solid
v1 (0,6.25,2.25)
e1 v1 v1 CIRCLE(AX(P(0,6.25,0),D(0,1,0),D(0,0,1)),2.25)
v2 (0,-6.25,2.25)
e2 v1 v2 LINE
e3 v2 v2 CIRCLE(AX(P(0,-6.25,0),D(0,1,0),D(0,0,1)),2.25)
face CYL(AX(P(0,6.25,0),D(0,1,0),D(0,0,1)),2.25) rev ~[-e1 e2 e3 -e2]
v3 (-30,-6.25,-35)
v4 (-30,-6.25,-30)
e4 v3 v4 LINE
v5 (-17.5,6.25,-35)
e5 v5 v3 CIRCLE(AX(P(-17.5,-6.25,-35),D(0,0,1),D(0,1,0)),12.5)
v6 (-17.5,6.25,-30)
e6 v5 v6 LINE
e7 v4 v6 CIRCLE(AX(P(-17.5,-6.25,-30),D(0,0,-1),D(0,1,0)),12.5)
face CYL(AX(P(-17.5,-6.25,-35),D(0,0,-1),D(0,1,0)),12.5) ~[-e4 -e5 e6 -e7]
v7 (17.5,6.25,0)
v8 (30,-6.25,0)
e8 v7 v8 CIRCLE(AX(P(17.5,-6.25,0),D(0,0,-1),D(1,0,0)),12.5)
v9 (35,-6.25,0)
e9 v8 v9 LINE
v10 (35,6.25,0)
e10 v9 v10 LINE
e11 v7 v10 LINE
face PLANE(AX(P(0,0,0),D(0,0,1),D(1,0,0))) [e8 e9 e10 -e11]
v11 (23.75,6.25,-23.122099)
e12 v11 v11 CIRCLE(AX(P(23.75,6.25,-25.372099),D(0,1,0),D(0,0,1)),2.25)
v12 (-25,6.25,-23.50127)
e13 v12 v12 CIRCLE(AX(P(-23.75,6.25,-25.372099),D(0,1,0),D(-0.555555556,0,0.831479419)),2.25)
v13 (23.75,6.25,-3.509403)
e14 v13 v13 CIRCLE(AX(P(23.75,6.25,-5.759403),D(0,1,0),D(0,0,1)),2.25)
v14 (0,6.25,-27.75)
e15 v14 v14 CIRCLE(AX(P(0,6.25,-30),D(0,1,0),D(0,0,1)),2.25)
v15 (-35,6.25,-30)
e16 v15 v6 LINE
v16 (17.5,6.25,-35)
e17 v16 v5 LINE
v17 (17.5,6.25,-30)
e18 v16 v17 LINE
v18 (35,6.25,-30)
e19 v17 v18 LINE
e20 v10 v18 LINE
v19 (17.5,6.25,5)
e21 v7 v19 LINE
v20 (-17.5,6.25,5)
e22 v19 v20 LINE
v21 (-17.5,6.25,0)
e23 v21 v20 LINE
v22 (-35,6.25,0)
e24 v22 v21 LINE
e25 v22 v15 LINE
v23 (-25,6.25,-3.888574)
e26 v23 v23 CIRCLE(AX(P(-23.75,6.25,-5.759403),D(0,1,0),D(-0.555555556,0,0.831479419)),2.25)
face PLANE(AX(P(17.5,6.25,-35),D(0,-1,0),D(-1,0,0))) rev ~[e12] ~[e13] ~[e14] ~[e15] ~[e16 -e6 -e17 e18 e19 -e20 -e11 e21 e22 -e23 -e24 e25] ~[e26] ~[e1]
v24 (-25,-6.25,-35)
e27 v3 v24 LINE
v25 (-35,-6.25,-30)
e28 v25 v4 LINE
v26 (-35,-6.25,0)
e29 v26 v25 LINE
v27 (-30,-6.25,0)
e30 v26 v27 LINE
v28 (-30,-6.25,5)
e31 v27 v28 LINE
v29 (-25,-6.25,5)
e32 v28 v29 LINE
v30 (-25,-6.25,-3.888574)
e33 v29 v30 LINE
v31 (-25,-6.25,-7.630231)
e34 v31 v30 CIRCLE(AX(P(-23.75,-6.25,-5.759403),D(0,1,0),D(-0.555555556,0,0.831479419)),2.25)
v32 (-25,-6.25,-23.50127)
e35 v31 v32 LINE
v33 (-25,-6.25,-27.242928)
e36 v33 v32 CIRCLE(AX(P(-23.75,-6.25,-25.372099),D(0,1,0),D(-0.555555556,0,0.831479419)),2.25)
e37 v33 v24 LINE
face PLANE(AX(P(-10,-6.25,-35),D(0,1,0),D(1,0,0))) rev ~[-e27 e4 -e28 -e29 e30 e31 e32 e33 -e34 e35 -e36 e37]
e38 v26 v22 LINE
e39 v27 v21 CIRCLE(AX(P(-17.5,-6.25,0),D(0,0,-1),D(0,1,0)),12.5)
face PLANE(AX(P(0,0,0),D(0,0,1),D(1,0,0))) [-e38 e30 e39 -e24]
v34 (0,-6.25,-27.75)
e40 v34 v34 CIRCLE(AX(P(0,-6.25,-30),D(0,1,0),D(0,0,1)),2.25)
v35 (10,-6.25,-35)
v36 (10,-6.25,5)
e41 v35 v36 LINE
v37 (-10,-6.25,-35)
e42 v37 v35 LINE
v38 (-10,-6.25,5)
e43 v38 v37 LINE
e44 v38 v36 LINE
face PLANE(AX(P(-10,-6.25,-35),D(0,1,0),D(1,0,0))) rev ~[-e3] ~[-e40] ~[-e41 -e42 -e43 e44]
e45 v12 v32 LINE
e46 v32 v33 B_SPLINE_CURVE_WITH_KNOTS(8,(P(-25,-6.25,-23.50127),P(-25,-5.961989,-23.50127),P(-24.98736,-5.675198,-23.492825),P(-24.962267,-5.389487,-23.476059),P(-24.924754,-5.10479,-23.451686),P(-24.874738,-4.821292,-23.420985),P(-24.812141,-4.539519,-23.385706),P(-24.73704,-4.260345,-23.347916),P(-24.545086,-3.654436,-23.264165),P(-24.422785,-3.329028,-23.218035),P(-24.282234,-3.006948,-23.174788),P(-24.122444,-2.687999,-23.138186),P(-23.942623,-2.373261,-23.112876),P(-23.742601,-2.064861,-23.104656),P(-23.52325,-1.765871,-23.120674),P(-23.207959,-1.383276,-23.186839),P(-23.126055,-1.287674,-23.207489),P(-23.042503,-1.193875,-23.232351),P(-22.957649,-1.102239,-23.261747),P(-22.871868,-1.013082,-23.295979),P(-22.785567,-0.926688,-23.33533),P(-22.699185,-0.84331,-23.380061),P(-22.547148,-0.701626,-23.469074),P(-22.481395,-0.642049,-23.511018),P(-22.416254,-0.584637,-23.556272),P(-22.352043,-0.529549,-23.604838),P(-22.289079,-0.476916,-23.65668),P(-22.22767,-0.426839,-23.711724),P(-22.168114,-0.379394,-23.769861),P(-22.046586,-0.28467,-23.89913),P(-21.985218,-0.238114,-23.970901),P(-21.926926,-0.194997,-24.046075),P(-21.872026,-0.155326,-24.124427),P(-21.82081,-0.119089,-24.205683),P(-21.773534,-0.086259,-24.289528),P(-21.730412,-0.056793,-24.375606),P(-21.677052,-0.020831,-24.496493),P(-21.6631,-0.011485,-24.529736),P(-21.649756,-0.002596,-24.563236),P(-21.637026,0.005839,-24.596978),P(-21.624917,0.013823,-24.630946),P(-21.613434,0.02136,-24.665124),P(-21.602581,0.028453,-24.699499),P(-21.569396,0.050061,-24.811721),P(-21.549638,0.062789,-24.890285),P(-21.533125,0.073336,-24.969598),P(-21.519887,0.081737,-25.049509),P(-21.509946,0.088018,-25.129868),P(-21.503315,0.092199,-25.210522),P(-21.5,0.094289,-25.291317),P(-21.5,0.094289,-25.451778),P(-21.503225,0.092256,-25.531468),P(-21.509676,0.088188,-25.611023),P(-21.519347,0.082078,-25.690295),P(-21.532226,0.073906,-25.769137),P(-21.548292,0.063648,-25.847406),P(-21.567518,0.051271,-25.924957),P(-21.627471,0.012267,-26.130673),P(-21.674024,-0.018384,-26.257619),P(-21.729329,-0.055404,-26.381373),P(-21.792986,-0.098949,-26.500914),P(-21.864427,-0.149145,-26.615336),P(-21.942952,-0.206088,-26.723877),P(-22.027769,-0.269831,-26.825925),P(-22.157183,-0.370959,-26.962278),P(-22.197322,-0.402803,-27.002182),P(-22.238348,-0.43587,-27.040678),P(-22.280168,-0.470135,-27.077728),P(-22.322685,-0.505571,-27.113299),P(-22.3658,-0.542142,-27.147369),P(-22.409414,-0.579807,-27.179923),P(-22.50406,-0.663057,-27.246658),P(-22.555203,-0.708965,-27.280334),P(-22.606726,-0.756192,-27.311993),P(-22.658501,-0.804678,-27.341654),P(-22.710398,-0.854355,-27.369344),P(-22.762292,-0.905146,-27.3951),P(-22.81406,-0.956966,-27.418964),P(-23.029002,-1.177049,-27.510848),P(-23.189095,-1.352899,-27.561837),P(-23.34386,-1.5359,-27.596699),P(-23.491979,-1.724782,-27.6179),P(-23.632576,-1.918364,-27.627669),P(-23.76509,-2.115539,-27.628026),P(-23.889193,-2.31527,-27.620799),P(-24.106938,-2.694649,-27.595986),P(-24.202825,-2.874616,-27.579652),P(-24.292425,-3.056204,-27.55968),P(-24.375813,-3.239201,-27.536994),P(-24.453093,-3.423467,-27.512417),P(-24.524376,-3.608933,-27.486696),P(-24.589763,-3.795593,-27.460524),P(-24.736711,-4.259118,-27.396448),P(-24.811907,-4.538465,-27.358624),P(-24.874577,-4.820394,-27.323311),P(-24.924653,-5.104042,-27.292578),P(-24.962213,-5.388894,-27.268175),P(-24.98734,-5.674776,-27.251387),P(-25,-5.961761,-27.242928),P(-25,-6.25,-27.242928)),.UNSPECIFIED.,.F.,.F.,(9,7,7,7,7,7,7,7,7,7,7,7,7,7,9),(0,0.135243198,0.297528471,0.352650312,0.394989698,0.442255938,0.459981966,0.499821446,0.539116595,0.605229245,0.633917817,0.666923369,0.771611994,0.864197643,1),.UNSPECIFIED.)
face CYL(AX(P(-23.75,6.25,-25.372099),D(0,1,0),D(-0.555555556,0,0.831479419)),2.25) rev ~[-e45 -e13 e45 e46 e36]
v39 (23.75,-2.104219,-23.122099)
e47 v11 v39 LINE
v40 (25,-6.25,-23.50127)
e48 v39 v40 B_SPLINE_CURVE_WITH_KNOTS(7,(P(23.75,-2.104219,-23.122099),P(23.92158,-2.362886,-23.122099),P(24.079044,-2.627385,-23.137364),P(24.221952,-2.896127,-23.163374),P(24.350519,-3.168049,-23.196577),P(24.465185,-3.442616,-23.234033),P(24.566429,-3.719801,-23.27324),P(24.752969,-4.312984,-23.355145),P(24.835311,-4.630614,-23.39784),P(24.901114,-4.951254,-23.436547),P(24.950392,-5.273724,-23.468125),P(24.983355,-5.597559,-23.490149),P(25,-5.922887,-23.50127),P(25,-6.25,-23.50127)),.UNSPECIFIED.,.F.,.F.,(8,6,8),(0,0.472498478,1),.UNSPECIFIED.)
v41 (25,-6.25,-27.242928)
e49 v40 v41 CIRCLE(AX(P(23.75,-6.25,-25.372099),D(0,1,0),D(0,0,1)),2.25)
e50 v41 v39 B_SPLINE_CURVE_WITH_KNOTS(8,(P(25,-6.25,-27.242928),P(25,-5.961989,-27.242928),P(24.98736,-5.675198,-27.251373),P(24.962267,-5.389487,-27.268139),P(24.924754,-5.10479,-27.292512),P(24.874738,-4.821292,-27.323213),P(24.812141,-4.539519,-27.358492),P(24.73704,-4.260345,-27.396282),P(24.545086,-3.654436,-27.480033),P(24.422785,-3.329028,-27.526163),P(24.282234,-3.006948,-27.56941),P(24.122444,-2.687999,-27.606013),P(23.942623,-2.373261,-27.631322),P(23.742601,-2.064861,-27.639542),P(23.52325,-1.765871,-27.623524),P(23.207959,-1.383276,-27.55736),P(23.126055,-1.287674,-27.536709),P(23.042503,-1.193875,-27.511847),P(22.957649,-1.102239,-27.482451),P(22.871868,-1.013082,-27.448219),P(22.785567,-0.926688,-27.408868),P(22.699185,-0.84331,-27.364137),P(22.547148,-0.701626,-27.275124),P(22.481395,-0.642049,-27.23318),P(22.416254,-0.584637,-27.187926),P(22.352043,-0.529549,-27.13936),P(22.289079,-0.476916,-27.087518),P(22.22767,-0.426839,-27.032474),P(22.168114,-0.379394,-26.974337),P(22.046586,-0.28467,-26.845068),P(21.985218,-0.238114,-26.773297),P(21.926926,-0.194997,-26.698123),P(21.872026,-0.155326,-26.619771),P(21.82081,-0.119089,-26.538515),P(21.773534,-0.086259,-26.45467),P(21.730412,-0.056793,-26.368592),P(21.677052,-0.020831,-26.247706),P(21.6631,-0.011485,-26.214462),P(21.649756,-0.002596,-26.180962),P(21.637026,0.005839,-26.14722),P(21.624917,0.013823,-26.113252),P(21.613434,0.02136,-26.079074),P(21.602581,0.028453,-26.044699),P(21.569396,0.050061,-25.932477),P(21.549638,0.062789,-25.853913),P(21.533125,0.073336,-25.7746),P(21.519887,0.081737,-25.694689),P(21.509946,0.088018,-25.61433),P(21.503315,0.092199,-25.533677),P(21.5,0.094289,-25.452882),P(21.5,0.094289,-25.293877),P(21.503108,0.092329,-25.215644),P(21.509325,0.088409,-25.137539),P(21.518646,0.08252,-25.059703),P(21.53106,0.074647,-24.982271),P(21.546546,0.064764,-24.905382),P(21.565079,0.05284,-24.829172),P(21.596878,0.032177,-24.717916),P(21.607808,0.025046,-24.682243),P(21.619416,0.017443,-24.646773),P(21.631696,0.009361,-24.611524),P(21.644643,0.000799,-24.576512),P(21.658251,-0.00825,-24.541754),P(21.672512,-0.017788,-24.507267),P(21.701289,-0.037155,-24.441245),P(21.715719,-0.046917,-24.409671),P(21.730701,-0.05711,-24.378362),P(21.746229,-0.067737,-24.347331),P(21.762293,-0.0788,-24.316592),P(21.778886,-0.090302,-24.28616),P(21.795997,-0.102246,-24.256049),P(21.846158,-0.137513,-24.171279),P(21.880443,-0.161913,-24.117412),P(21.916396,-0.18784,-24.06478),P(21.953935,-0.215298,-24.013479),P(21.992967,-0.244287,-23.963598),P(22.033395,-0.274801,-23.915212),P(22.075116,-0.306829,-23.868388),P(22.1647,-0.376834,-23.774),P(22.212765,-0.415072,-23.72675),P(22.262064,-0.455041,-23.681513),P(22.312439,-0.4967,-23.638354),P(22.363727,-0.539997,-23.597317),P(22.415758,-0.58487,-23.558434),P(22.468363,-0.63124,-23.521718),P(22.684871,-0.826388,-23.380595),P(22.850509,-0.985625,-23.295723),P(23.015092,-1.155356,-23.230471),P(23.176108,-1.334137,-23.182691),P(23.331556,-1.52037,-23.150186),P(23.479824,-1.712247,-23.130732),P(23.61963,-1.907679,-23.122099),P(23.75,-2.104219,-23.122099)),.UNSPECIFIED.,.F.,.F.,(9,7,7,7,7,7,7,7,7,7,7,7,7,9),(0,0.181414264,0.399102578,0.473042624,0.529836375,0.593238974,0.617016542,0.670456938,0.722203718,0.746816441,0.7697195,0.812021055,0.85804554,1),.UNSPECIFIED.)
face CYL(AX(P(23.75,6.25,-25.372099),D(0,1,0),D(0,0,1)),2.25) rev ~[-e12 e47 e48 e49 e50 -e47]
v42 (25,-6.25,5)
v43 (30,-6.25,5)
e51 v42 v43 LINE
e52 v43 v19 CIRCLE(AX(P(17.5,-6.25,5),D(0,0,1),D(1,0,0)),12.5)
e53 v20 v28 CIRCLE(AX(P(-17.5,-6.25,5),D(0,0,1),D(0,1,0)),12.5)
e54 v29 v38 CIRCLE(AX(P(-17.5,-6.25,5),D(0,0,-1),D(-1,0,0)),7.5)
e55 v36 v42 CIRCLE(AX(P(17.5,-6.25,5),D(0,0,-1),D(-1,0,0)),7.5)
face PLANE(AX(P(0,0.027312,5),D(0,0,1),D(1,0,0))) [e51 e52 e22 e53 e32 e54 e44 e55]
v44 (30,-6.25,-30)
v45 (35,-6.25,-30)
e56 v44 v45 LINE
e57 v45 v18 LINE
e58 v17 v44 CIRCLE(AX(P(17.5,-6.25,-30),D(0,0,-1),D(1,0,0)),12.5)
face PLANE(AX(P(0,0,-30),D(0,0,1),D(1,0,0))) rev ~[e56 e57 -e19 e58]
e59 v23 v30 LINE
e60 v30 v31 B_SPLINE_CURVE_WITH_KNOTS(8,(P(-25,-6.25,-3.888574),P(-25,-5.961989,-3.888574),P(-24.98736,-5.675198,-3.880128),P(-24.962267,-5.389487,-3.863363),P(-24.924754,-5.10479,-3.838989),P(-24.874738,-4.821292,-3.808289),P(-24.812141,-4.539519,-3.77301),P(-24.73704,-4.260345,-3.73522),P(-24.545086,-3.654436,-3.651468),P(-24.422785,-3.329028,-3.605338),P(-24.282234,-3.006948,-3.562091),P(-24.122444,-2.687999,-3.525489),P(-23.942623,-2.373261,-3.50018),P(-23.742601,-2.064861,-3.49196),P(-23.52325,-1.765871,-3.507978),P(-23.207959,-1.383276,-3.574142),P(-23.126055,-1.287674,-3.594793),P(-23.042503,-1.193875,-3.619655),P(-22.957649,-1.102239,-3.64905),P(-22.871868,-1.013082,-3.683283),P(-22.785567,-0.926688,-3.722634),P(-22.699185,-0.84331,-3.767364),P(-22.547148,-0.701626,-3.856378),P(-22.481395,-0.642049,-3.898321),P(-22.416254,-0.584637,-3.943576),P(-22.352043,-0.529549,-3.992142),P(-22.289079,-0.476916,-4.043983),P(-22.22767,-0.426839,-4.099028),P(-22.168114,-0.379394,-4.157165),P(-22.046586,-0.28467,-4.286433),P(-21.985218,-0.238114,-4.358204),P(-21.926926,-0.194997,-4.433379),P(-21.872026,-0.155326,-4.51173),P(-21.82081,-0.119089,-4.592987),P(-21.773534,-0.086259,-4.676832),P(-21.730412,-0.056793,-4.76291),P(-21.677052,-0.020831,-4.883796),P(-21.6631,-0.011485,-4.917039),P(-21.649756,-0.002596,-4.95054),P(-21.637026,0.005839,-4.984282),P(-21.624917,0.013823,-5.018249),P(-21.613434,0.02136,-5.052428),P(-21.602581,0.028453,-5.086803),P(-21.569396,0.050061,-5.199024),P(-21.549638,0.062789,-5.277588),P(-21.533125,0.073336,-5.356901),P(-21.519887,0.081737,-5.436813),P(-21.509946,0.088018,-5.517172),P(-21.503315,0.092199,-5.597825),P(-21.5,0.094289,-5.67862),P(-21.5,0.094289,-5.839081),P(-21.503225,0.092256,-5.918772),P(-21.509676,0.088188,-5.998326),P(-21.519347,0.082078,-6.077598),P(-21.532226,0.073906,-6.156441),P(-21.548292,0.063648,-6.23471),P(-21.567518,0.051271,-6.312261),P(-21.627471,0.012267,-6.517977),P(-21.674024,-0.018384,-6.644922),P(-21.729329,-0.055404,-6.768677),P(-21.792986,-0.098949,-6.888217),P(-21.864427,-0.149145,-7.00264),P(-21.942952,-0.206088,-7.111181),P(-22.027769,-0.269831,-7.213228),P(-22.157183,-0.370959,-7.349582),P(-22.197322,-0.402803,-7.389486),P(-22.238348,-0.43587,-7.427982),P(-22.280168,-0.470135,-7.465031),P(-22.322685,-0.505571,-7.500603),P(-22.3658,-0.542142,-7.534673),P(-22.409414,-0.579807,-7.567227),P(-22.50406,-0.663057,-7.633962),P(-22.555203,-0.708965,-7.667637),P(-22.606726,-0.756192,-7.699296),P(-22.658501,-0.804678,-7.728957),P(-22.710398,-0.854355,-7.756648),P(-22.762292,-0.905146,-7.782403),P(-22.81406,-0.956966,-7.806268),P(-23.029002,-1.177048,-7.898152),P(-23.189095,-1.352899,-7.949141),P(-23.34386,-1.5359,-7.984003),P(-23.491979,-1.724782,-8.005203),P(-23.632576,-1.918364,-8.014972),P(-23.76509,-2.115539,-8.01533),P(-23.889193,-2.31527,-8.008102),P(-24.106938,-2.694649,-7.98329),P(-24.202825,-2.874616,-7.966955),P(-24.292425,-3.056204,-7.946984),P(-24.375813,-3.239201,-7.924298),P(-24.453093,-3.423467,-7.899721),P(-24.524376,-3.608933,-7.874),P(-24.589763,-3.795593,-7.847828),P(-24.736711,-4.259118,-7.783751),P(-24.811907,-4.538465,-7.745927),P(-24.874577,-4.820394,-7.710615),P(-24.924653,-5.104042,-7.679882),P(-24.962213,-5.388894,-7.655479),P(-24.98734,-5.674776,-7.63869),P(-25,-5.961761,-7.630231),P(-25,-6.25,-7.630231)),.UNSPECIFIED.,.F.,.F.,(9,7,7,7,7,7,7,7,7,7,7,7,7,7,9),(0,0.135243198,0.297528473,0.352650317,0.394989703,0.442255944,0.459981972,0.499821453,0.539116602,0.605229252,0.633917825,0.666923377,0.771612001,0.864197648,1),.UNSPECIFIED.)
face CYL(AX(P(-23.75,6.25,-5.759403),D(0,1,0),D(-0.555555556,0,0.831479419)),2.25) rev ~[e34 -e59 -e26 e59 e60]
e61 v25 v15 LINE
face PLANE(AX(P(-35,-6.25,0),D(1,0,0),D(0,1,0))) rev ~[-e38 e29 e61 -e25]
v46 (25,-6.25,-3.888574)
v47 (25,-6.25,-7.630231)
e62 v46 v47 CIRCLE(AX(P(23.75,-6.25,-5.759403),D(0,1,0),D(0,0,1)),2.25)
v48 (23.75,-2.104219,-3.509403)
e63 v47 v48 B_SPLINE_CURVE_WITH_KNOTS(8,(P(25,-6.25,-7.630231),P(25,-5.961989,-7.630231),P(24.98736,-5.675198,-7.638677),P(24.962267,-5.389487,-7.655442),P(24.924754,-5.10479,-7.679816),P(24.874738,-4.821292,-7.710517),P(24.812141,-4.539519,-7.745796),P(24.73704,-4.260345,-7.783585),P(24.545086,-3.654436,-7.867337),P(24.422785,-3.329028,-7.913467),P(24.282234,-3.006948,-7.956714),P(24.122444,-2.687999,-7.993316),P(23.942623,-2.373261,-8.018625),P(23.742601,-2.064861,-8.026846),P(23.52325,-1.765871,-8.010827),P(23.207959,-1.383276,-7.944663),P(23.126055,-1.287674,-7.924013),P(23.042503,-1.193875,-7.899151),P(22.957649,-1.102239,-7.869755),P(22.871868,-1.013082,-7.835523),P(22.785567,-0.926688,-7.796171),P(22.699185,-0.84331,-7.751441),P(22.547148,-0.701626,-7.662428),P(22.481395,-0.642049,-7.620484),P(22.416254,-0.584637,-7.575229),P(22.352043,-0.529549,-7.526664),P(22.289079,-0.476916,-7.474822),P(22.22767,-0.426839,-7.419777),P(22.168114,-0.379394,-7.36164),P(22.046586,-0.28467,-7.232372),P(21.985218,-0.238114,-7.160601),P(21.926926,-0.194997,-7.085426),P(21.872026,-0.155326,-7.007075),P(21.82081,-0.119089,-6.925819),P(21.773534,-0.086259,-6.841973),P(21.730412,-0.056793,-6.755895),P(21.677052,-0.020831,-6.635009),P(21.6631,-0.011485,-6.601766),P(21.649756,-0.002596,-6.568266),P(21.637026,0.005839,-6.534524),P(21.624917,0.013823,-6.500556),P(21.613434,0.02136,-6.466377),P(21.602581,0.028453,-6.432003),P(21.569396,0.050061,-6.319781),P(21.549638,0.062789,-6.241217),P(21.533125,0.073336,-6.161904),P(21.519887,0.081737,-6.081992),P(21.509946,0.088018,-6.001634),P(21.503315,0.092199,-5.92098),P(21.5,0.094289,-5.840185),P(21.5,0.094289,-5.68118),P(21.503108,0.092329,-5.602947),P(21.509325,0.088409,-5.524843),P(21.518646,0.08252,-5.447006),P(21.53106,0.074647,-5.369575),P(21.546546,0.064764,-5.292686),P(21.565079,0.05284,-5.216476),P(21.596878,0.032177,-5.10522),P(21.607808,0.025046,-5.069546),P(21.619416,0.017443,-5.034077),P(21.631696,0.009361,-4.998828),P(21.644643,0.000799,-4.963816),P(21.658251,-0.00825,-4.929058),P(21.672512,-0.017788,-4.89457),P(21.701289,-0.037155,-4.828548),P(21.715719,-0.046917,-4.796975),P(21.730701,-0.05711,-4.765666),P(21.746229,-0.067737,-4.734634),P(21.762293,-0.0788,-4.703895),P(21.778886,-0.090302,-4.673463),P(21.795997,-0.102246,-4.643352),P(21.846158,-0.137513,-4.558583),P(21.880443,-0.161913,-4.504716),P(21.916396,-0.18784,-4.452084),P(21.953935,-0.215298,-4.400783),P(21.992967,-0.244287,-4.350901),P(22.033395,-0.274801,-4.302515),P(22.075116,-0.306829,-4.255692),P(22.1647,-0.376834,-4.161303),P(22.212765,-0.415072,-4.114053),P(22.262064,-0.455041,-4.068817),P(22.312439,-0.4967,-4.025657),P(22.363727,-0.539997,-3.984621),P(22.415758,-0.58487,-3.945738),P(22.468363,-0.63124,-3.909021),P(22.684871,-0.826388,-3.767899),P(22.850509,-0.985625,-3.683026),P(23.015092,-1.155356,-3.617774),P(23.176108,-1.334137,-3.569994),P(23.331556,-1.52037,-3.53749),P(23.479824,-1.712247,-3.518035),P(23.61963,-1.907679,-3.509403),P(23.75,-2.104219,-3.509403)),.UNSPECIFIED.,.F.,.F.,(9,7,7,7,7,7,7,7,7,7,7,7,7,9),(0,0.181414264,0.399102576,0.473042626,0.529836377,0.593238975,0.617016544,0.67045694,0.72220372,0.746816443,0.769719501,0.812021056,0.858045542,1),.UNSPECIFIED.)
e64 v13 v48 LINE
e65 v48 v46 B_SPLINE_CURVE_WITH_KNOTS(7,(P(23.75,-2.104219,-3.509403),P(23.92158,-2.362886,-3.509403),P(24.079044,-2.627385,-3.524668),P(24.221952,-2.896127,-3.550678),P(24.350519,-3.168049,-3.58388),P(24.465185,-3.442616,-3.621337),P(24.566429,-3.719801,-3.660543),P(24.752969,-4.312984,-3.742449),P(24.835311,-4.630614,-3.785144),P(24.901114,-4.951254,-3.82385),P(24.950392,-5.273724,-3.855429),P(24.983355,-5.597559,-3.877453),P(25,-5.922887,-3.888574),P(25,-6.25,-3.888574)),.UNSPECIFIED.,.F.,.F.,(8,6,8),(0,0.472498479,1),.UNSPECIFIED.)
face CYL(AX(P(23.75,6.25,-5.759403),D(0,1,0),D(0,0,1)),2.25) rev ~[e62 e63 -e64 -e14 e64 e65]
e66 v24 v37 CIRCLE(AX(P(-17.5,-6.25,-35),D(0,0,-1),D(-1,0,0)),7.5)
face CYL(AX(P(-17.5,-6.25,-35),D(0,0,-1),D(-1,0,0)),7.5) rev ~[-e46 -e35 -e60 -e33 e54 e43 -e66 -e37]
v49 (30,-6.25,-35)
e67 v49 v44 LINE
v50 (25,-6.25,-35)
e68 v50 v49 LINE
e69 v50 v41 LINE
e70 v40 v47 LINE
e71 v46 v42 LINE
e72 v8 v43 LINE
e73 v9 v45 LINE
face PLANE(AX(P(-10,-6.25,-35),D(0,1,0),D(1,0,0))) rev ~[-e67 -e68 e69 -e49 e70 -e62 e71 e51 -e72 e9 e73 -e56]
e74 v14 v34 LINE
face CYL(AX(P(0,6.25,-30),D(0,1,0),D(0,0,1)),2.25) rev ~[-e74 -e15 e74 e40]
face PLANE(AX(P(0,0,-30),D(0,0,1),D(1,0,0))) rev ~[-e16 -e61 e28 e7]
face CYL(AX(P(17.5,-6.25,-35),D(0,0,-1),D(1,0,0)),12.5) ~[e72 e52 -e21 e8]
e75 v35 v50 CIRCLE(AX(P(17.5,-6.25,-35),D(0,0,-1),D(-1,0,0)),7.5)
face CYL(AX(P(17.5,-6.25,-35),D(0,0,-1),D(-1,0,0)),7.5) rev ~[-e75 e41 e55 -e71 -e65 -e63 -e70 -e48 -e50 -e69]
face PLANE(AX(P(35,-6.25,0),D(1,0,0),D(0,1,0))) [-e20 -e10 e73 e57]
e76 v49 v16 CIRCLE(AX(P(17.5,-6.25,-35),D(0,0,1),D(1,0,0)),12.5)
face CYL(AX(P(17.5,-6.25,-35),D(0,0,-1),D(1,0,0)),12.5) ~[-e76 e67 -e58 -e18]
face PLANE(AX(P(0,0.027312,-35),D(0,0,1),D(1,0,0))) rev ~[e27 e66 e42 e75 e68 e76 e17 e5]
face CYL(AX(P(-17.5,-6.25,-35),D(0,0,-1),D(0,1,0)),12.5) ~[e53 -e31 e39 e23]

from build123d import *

# Parameters (mm, degrees)
SKETCH1_W                = 70
SKETCH1_H                = 12.5
BOSS_EXTRUDE1_DEPTH      = 30
BOSS_EXTRUDE3_DEPTH      = 5
BOSS_EXTRUDE3_DEPTH_BACK = 35
CUT_EXTRUDE1_START       = -66
CUT_EXTRUDE1_DEPTH       = 66
SKETCH7_R                = 2.25
CUT_EXTRUDE2_DEPTH       = 66


with BuildPart() as part:
    # Sketch1 → Boss-Extrude1 (new body)
    with BuildSketch(Plane.XY):
        Rectangle(SKETCH1_W, SKETCH1_H)
    extrude(amount=-BOSS_EXTRUDE1_DEPTH)

    # Sketch2 → Boss-Extrude3 (add, two sides: drawn at the far end of the back side and taken through both)
    with BuildSketch(Plane.XY.offset(-BOSS_EXTRUDE3_DEPTH_BACK)):
        with BuildLine():
            Line((-10, -6.25), (10, -6.25))
            ThreePointArc((10, -6.25), (17.5, 1.25), (25, -6.25))
            Line((25, -6.25), (30, -6.25))
            ThreePointArc((30, -6.25), (26.338834765, 2.588834765), (17.5, 6.25))
            Line((17.5, 6.25), (-17.5, 6.25))
            ThreePointArc((-17.5, 6.25), (-26.338834765, 2.588834765), (-30, -6.25))
            Line((-30, -6.25), (-25, -6.25))
            ThreePointArc((-25, -6.25), (-17.5, 1.25), (-10, -6.25))
        make_face()
    extrude(amount=BOSS_EXTRUDE3_DEPTH + BOSS_EXTRUDE3_DEPTH_BACK)

    # Sketch5 → Cut-Extrude1 (cut)
    with BuildSketch(Plane.XY.offset(5).offset(CUT_EXTRUDE1_START)):
        with BuildLine():
            Line((-25, -6.25), (-10, -6.25))
            ThreePointArc((-10, -6.25), (-17.5, 1.25), (-25, -6.25))
        make_face()
        with BuildLine():
            Line((10, -6.25), (25, -6.25))
            ThreePointArc((25, -6.25), (17.5, 1.25), (10, -6.25))
        make_face()
    extrude(amount=CUT_EXTRUDE1_DEPTH, mode=Mode.SUBTRACT)

    # Sketch7 → Cut-Extrude2 (cut)
    with BuildSketch(Plane(origin=(0, 6.25, 0), x_dir=(1, 0, 0), z_dir=(0, 1, 0))):
        with Locations(Location((0, 0, 0), (0, 0, 270))):
            Circle(SKETCH7_R)
        with Locations(Location((0, 30, 0), (0, 0, 270))):
            Circle(SKETCH7_R)
        with Locations(Location((23.75, 25.372099054, 0), (0, 0, 270))):
            Circle(SKETCH7_R)
        with Locations(Location((23.75, 5.759402661, 0), (0, 0, 270))):
            Circle(SKETCH7_R)
        with Locations(Location((-23.75, 25.372099054, 0), (0, 0, 236.251011404))):
            Circle(SKETCH7_R)
        with Locations(Location((-23.75, 5.759402661, 0), (0, 0, 236.251011404))):
            Circle(SKETCH7_R)
    extrude(amount=-CUT_EXTRUDE2_DEPTH, mode=Mode.SUBTRACT)


solid = part.part
